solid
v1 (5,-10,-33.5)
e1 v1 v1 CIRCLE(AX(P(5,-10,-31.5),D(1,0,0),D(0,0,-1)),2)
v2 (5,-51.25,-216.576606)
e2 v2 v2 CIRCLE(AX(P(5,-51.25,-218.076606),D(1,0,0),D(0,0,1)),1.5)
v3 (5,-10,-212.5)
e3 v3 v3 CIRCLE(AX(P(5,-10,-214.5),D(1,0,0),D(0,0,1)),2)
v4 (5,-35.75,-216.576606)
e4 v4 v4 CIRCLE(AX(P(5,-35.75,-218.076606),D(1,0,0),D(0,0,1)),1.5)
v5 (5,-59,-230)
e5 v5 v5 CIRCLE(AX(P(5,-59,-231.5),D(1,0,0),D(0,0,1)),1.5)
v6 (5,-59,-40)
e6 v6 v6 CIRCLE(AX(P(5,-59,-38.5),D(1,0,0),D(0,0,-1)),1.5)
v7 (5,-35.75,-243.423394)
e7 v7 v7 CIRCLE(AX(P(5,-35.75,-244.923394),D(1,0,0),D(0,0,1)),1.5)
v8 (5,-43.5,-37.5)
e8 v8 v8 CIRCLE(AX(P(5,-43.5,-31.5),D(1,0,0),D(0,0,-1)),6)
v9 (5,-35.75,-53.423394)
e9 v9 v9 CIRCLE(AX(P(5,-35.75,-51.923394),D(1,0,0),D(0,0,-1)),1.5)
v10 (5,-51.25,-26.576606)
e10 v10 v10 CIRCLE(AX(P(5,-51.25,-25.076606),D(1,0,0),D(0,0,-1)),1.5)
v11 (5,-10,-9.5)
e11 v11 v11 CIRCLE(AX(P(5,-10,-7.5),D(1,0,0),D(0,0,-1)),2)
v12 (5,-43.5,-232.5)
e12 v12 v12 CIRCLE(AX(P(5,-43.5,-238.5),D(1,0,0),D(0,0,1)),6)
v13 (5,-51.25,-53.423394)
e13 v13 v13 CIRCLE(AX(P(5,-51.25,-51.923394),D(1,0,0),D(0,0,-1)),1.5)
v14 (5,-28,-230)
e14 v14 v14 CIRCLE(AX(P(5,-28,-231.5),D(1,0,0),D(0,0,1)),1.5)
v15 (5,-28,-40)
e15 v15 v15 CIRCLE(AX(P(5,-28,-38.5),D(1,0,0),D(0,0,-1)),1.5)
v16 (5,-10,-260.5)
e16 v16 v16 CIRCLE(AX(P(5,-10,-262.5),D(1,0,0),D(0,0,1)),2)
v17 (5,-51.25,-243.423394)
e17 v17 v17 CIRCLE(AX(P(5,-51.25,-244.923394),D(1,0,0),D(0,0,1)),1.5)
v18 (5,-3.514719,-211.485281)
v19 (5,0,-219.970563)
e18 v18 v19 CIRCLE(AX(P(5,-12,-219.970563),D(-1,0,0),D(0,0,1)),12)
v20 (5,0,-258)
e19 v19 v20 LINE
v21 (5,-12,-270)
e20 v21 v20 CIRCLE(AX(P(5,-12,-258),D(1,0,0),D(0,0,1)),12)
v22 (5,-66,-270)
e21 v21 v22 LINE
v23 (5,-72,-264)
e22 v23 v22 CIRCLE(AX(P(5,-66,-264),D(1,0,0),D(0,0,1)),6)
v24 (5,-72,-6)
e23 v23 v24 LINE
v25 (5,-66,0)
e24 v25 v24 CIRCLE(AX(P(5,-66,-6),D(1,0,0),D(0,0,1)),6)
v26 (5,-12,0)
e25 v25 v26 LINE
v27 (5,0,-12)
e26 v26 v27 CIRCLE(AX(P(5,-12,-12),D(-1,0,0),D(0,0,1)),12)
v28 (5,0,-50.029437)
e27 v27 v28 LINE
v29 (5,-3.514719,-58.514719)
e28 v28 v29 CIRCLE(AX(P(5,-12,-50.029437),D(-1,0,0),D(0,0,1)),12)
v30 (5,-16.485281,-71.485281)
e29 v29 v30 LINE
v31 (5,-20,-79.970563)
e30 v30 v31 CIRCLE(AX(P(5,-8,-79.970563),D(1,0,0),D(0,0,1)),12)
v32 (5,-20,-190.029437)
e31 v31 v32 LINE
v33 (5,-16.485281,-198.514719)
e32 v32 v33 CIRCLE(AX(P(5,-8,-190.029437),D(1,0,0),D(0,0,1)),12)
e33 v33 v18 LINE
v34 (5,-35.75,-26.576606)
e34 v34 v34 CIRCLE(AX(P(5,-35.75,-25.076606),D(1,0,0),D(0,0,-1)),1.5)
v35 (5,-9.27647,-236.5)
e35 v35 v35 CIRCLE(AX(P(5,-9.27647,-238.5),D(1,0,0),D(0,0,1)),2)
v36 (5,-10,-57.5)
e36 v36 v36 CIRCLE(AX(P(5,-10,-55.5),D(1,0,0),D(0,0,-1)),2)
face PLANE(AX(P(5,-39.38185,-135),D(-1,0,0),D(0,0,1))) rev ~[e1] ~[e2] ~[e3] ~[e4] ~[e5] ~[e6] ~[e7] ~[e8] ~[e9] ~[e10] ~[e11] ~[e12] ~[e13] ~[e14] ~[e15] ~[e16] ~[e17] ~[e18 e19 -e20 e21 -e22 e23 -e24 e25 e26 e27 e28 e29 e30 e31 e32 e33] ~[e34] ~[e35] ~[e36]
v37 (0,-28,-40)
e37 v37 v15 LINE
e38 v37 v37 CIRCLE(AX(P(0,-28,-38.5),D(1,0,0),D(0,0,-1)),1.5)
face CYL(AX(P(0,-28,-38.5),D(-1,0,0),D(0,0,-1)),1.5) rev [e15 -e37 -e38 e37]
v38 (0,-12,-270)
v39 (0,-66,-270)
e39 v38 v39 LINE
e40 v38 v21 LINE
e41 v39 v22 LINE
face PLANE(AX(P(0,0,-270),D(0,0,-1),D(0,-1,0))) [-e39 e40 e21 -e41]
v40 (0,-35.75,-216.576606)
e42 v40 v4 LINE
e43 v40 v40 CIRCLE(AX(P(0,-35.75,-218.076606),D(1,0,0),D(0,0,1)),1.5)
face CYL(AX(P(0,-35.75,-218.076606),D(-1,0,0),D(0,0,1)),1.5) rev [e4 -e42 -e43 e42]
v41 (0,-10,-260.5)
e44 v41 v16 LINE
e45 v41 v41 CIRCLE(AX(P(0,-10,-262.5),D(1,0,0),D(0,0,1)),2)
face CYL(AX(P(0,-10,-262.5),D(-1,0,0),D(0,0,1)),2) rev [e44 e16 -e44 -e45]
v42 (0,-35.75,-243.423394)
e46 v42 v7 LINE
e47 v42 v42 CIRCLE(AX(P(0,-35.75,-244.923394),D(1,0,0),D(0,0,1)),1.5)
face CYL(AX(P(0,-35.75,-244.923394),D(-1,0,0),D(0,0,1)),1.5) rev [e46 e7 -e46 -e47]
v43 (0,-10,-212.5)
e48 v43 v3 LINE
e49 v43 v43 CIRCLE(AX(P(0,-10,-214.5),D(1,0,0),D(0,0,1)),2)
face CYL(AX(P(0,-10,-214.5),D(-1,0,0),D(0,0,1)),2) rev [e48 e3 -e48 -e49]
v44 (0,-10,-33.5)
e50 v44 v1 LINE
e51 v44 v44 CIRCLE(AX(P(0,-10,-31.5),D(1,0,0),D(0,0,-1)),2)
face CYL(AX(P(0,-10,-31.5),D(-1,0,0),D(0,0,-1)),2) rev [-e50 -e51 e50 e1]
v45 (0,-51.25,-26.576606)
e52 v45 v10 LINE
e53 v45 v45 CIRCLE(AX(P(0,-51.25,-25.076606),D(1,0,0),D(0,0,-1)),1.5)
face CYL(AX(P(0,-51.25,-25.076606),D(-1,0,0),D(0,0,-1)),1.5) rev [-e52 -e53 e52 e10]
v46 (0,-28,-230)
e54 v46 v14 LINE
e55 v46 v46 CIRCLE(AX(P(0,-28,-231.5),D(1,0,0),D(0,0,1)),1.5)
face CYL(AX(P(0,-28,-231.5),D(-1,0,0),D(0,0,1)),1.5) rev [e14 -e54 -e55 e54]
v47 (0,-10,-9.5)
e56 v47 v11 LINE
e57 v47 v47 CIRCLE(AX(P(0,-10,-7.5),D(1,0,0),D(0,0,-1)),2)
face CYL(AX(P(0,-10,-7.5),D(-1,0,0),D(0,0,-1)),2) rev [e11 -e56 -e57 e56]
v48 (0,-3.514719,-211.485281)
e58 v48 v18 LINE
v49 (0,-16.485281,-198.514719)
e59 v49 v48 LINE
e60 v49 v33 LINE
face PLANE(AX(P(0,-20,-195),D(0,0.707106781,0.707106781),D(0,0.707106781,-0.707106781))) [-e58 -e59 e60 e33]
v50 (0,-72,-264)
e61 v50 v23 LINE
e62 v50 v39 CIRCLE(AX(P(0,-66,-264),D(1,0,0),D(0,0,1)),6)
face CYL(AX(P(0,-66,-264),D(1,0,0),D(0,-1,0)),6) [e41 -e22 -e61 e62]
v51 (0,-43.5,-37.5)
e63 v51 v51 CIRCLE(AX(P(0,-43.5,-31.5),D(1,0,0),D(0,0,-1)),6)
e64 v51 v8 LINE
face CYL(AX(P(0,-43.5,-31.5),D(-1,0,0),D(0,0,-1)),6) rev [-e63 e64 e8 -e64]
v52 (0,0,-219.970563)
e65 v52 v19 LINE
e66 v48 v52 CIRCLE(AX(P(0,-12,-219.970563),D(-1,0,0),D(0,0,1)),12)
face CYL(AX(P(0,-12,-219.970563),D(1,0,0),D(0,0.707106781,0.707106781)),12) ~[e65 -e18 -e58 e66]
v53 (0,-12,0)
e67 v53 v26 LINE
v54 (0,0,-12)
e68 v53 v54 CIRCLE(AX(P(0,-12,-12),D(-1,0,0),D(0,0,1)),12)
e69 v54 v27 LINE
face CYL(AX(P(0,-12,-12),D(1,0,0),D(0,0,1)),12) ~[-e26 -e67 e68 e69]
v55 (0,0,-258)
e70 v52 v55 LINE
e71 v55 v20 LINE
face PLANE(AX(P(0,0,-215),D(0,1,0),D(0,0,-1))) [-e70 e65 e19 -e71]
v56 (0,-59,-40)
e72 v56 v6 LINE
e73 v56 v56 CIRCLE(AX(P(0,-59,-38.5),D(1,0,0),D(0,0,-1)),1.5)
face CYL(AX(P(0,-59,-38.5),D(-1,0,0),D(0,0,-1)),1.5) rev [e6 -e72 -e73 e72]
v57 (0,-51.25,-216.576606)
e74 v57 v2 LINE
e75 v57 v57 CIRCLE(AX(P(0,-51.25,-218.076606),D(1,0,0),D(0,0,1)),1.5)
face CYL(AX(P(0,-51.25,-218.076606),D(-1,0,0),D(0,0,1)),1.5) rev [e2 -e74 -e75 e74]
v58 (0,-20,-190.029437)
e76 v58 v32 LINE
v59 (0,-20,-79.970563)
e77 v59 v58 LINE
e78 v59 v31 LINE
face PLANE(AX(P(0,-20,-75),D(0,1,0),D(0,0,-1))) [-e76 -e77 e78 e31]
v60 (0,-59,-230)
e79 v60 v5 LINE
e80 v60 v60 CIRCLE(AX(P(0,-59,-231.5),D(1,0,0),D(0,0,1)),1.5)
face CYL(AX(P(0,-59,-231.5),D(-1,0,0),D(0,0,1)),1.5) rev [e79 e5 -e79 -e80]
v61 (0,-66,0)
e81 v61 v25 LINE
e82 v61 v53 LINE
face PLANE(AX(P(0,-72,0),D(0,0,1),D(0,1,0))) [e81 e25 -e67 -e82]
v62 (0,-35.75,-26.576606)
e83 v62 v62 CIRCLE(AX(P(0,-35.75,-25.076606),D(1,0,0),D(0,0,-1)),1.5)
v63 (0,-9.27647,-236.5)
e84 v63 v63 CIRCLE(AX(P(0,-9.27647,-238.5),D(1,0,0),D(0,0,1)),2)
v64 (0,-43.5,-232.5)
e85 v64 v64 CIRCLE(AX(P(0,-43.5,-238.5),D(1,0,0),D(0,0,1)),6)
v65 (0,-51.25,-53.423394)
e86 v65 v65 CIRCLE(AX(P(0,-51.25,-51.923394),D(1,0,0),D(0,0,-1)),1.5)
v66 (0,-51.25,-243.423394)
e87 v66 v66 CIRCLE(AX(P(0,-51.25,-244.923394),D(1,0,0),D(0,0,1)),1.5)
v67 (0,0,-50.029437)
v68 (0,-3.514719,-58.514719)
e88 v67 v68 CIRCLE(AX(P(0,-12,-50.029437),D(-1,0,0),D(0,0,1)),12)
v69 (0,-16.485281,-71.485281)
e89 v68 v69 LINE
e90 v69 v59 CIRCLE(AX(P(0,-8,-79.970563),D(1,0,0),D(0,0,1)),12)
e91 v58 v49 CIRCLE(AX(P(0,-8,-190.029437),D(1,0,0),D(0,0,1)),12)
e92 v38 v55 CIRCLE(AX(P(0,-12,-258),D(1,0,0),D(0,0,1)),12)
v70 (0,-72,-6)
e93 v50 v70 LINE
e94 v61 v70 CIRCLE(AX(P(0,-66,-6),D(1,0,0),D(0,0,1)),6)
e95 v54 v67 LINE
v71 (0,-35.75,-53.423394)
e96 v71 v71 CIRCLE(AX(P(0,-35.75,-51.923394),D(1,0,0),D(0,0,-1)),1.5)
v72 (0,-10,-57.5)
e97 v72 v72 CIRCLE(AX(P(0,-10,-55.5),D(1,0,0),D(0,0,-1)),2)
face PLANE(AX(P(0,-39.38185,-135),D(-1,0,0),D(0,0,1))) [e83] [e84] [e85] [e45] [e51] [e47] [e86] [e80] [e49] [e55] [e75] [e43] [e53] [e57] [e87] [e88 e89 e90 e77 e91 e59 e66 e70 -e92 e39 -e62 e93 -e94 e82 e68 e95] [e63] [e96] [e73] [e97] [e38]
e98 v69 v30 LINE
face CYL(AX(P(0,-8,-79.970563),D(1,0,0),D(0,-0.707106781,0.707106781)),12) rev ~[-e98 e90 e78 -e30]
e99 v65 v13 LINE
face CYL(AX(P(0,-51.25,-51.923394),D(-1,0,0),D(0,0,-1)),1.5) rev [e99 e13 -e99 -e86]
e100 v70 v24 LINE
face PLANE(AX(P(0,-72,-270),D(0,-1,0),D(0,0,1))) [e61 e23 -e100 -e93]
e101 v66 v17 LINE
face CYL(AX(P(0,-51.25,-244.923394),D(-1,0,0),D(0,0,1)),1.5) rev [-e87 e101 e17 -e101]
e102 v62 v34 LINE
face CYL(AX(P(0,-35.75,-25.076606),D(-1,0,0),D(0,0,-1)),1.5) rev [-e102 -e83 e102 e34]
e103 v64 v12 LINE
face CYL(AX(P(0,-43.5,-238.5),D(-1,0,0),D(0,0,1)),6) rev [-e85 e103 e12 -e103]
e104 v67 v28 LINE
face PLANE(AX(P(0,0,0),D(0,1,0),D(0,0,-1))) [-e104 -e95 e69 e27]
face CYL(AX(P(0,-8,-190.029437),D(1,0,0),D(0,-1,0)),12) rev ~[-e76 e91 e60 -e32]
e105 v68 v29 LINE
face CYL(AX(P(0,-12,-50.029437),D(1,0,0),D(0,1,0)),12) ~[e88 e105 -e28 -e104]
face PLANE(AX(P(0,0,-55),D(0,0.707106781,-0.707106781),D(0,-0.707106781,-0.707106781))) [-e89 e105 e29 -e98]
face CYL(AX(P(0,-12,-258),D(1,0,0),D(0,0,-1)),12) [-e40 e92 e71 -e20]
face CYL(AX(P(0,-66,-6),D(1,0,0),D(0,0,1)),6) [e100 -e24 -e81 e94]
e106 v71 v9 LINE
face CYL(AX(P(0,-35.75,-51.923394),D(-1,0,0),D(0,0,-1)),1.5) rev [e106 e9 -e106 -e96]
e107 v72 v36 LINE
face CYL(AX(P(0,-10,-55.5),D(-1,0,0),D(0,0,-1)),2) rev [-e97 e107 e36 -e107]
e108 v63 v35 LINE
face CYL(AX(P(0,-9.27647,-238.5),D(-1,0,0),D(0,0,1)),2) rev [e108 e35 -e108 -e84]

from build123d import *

# Parameters (mm, degrees)
SKETCH1_R           = 6
SKETCH1_R_2         = 2
SKETCH1_R_3         = 1.5
BOSS_EXTRUDE1_DEPTH = 5
FILLET1_R           = 6
FILLET2_R           = 12


with BuildPart() as part:
    # Sketch1 → Boss-Extrude1 (new body)
    with BuildSketch(Plane(origin=(0, 0, 0), x_dir=(0, 0, -1), z_dir=(1, 0, 0))):
        Polygon((0, 0), (55, 0), (75, -20), (195, -20), (215, 0), (270, 0), (270, -72), (0, -72), align=None)
        with Locations((31.5, -43.5)):
            Circle(SKETCH1_R, mode=Mode.SUBTRACT)
        with Locations((55.5, -10)):
            Circle(SKETCH1_R_2, mode=Mode.SUBTRACT)
        with Locations((7.5, -10)):
            Circle(SKETCH1_R_2, mode=Mode.SUBTRACT)
        with Locations((38.5, -59)):
            Circle(SKETCH1_R_3, mode=Mode.SUBTRACT)
        with Locations((25.076606241, -51.25)):
            Circle(SKETCH1_R_3, mode=Mode.SUBTRACT)
        with Locations((25.076606241, -35.75)):
            Circle(SKETCH1_R_3, mode=Mode.SUBTRACT)
        with Locations((38.5, -28)):
            Circle(SKETCH1_R_3, mode=Mode.SUBTRACT)
        with Locations((51.923393759, -35.75)):
            Circle(SKETCH1_R_3, mode=Mode.SUBTRACT)
        with Locations((51.923393759, -51.25)):
            Circle(SKETCH1_R_3, mode=Mode.SUBTRACT)
        with Locations(Location((214.5, -10, 0), (0, 0, 180))):
            Circle(SKETCH1_R_2, mode=Mode.SUBTRACT)
        with Locations(Location((238.5, -9.276470083, 0), (0, 0, 180))):
            Circle(SKETCH1_R_2, mode=Mode.SUBTRACT)
        with Locations(Location((262.5, -10, 0), (0, 0, 180))):
            Circle(SKETCH1_R_2, mode=Mode.SUBTRACT)
        with Locations(Location((244.923393759, -35.75, 0), (0, 0, 180))):
            Circle(SKETCH1_R_3, mode=Mode.SUBTRACT)
        with Locations(Location((231.5, -28, 0), (0, 0, 180))):
            Circle(SKETCH1_R_3, mode=Mode.SUBTRACT)
        with Locations(Location((218.076606241, -35.75, 0), (0, 0, 180))):
            Circle(SKETCH1_R_3, mode=Mode.SUBTRACT)
        with Locations(Location((218.076606241, -51.25, 0), (0, 0, 180))):
            Circle(SKETCH1_R_3, mode=Mode.SUBTRACT)
        with Locations(Location((231.5, -59, 0), (0, 0, 180))):
            Circle(SKETCH1_R_3, mode=Mode.SUBTRACT)
        with Locations(Location((244.923393759, -51.25, 0), (0, 0, 180))):
            Circle(SKETCH1_R_3, mode=Mode.SUBTRACT)
        with Locations(Location((238.5, -43.5, 0), (0, 0, 180))):
            Circle(SKETCH1_R, mode=Mode.SUBTRACT)
        with Locations((31.5, -10)):
            Circle(SKETCH1_R_2, mode=Mode.SUBTRACT)
    extrude(amount=BOSS_EXTRUDE1_DEPTH)

    # Fillet1
    fillet1_edges = [part.edges().sort_by_distance(p)[0] for p in [
        (2.5, -72, -270),
        (2.5, -72, 0),
    ]]
    fillet(fillet1_edges, radius=FILLET1_R)

    # Fillet2
    fillet2_edges = [part.edges().sort_by_distance(p)[0] for p in [
        (2.5, 0, 0),
        (2.5, 0, -55),
        (2.5, -20, -75),
        (2.5, -20, -195),
        (2.5, 0, -215),
        (2.5, 0, -270),
    ]]
    fillet(fillet2_edges, radius=FILLET2_R)


solid = part.part
